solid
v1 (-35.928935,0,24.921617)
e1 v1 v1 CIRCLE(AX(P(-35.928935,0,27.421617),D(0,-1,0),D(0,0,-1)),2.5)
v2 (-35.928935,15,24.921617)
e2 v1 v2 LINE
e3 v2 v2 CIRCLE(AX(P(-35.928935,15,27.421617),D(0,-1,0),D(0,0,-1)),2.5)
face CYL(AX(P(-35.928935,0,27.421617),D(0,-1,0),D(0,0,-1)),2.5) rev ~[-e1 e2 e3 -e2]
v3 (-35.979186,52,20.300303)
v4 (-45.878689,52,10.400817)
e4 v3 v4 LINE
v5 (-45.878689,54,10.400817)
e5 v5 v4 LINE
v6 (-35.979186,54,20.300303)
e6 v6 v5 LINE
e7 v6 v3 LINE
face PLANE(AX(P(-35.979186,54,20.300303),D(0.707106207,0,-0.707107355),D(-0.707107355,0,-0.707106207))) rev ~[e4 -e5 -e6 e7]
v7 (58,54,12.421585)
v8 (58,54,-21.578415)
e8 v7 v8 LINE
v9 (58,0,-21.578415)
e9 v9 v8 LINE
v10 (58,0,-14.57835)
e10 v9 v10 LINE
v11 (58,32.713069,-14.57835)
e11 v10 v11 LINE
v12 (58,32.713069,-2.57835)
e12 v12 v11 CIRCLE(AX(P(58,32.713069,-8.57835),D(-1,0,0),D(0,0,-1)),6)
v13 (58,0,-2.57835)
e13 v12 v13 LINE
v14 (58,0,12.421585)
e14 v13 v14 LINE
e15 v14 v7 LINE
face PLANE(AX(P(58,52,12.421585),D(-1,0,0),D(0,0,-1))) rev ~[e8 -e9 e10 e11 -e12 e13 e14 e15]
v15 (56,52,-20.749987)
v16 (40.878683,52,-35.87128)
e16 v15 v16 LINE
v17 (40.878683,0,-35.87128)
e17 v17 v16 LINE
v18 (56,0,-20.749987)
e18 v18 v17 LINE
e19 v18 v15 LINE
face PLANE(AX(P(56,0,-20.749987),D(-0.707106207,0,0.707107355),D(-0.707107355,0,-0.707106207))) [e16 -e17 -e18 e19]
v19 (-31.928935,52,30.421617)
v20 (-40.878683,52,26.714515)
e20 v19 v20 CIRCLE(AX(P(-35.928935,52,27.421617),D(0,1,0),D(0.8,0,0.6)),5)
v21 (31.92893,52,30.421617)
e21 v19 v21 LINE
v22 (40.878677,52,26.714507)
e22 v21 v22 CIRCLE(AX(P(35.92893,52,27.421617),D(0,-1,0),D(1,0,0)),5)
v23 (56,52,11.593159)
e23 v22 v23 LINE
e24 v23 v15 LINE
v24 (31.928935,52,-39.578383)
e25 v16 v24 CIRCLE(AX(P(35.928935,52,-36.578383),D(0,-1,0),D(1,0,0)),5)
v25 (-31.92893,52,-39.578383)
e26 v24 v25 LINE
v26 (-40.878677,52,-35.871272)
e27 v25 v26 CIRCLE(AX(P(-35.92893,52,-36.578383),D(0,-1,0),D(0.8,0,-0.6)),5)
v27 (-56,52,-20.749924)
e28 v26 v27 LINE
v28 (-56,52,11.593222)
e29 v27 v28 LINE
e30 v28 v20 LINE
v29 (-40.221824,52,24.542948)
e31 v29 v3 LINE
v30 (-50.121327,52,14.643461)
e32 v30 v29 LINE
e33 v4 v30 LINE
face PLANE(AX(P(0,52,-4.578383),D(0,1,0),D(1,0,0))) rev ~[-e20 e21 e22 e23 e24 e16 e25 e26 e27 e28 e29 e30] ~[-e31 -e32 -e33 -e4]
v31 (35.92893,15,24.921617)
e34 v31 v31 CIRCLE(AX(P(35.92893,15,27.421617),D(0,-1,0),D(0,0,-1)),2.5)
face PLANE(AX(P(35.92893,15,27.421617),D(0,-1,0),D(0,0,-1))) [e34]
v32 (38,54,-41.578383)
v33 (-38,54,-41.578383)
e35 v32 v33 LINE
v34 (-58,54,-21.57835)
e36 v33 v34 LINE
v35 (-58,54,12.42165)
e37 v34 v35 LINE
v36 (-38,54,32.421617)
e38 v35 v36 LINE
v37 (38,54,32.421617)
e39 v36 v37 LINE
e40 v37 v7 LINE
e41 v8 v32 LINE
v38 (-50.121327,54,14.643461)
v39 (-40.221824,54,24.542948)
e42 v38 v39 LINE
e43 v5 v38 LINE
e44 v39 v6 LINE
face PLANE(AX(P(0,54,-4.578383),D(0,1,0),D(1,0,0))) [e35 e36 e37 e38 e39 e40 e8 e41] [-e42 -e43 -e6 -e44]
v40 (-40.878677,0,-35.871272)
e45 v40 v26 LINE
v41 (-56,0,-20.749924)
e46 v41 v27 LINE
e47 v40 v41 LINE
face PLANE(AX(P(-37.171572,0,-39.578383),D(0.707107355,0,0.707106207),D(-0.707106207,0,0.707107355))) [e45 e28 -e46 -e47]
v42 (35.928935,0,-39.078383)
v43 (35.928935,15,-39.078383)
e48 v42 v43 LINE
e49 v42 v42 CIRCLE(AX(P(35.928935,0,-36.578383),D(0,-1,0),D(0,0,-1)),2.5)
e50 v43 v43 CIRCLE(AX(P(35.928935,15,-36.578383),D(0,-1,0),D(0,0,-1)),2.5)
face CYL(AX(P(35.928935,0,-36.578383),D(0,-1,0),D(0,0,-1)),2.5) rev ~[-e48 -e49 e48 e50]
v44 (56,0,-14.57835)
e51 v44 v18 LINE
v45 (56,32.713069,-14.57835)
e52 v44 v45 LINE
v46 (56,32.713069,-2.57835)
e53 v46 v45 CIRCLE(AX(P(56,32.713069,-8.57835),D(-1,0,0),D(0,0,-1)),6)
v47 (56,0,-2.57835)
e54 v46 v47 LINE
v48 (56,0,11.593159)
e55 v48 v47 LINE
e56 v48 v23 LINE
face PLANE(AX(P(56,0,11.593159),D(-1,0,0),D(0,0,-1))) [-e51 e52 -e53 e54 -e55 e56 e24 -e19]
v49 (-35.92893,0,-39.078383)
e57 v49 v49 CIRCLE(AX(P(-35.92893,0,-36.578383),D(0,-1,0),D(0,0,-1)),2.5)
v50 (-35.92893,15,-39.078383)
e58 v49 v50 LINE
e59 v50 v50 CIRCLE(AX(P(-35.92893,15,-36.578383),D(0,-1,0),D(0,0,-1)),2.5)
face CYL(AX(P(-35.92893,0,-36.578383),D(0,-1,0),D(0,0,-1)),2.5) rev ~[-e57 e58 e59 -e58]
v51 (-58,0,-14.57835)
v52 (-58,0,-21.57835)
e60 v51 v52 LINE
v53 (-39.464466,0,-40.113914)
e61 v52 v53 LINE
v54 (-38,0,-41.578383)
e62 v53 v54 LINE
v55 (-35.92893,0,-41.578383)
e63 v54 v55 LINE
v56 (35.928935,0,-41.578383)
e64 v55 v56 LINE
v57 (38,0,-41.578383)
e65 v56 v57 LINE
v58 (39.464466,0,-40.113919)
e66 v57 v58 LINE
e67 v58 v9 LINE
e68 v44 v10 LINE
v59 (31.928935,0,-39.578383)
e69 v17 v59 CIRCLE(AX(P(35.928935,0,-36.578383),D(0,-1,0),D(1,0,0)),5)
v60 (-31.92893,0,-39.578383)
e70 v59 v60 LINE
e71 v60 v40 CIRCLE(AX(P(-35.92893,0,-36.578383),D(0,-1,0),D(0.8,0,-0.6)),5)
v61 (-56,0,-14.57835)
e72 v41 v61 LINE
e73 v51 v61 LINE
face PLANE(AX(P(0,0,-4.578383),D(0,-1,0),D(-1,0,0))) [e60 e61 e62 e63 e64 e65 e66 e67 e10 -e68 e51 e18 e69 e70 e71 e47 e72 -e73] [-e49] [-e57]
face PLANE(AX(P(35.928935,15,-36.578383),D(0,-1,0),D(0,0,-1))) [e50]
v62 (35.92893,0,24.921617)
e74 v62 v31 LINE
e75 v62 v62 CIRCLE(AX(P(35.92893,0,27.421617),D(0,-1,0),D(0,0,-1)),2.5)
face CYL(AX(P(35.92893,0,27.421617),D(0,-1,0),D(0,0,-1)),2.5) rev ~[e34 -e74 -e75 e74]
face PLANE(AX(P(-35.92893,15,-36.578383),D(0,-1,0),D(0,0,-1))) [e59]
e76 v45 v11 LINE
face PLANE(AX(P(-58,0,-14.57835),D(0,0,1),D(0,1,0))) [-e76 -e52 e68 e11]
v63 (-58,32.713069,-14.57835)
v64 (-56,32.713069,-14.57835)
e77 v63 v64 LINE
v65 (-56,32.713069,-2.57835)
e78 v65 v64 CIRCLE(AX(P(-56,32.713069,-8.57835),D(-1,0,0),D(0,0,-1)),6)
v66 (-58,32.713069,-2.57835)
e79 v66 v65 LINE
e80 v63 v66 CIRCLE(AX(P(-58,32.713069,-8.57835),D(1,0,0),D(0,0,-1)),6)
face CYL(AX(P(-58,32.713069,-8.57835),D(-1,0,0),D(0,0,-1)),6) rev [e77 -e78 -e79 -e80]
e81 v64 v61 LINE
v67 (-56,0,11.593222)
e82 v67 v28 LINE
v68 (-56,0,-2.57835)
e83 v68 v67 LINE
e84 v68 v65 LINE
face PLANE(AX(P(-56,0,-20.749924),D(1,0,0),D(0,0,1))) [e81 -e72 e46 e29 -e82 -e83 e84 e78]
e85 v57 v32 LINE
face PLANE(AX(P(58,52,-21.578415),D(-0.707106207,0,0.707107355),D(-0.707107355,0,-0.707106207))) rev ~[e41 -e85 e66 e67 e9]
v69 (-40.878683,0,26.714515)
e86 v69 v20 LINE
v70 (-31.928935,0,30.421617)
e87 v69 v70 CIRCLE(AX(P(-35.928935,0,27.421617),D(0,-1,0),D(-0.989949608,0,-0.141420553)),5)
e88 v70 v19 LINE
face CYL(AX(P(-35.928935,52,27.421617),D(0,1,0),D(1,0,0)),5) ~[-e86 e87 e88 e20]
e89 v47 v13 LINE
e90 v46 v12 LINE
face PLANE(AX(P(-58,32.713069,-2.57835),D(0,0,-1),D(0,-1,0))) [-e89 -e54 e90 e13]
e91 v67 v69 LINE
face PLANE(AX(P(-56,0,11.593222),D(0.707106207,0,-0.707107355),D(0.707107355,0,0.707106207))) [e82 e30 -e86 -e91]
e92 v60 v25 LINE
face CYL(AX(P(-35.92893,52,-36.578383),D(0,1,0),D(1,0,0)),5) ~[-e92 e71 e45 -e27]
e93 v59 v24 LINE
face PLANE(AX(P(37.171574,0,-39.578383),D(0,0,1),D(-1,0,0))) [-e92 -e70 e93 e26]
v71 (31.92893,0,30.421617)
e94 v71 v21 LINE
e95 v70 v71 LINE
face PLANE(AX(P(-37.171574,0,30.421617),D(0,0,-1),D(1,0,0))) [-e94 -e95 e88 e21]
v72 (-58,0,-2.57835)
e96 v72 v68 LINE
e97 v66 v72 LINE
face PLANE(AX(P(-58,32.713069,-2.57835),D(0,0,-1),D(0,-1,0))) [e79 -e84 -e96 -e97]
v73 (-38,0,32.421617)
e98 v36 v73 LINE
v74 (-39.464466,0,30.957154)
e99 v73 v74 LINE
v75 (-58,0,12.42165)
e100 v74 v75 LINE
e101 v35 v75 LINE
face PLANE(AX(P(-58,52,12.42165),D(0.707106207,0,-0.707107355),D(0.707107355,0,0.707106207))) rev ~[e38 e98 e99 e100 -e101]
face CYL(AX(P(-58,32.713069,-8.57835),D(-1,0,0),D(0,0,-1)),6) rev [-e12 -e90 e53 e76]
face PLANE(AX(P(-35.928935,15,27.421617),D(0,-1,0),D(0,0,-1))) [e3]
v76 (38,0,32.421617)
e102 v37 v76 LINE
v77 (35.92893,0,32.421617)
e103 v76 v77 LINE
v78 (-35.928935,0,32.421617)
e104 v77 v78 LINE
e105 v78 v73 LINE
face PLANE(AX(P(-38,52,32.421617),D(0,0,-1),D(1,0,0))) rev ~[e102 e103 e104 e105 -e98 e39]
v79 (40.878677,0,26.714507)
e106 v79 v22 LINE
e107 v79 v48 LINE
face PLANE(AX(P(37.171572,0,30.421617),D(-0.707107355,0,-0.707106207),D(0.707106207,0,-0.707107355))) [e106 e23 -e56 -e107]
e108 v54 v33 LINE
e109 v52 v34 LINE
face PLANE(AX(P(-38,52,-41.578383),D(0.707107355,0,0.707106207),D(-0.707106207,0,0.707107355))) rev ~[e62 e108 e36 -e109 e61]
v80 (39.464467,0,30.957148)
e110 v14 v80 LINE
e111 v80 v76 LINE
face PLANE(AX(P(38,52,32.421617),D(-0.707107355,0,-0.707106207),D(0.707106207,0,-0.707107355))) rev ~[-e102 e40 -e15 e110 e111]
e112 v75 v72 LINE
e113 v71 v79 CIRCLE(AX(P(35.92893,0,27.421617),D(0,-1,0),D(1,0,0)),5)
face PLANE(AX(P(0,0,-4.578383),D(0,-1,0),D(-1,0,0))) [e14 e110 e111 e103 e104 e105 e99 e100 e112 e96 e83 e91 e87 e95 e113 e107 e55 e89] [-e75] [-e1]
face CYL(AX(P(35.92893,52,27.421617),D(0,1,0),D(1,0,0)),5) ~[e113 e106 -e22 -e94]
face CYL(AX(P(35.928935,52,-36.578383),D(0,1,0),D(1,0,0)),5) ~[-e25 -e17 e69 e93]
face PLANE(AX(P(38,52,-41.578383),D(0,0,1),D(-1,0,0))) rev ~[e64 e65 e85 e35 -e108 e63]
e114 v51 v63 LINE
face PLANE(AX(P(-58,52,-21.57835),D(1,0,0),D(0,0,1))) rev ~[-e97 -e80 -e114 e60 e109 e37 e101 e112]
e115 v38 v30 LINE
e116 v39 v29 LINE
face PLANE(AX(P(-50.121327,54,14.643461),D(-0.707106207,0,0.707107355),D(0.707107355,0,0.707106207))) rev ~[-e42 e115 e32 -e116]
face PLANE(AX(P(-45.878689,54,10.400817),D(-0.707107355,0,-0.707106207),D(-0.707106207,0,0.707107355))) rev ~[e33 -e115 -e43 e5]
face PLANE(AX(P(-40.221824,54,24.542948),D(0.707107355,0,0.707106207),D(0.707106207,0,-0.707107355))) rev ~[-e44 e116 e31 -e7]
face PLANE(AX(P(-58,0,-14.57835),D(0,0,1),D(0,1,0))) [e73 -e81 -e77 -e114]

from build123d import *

# Parameters (mm, degrees)
BOSS_EXTRUDE1_DEPTH = 52
BOSS_EXTRUDE2_DEPTH = 2
SKETCH3_R           = 5
BOSS_EXTRUDE3_DEPTH = 52
SKETCH4_R           = 2.5
CUT_EXTRUDE1_DEPTH  = 15
CUT_EXTRUDE2_DEPTH  = 15
CUT_EXTRUDE3_REACH  = 136.539


with BuildPart() as part:
    # Sketch1 → Boss-Extrude1 (new body)
    with BuildSketch(Plane(origin=(0, 0, 0), x_dir=(1, 0, 0), z_dir=(0, 1, 0))):
        Polygon((38, -32.421617333), (-38, -32.421617333), (-58, -12.421649809), (-58, 21.578350191), (-38, 41.578382667), (38, 41.578382667), (58, 21.578415143), (58, -12.421584857), align=None)
        Polygon((-37.171571924, 39.578382667), (-56, 20.749924017), (-56, -11.593221733), (-37.171573826, -30.421617333), (37.171571924, -30.421617333), (56, -11.593158683), (56, 20.749987067), (37.171573826, 39.578382667), align=None, mode=Mode.SUBTRACT)
    extrude(amount=BOSS_EXTRUDE1_DEPTH)

    # Sketch2 → Boss-Extrude2 (add)
    with BuildSketch(Plane(origin=(0, 52, 0), x_dir=(1, 0, 0), z_dir=(0, 1, 0))):
        Polygon((38, -32.421617333), (58, -12.421584857), (58, 21.578415143), (38, 41.578382667), (-38, 41.578382667), (-58, 21.578350191), (-58, -12.421649809), (-38, -32.421617333), align=None)
    extrude(amount=BOSS_EXTRUDE2_DEPTH)

    # Sketch3 → Boss-Extrude3 (add)
    with BuildSketch(Plane.XZ.offset(-52)):
        with Locations((35.928934566, -36.578382667)):
            Circle(SKETCH3_R)
        with Locations((-35.92892981, -36.578382667)):
            Circle(SKETCH3_R)
        with Locations((-35.928934566, 27.421617333)):
            Circle(SKETCH3_R)
        with Locations((35.92892981, 27.421617333)):
            Circle(SKETCH3_R)
    extrude(amount=BOSS_EXTRUDE3_DEPTH)

    # Sketch4 → Cut-Extrude1 (cut)
    with BuildSketch(Plane(origin=(0, 0, 0), x_dir=(-1, 0, 0), z_dir=(0, -1, 0))):
        with Locations(Location((-35.928934566, 36.578382667, 0), (0, 0, 90))):
            Circle(SKETCH4_R)
        with Locations(Location((35.92892981, 36.578382667, 0), (0, 0, 90))):
            Circle(SKETCH4_R)
        with Locations(Location((35.928934566, -27.421617333, 0), (0, 0, 90))):
            Circle(SKETCH4_R)
        with Locations(Location((-35.92892981, -27.421617333, 0), (0, 0, 90))):
            Circle(SKETCH4_R)
    extrude(amount=-CUT_EXTRUDE1_DEPTH, mode=Mode.SUBTRACT)

    # Sketch5 → Cut-Extrude2 (cut)
    with BuildSketch(Plane(origin=(0, 54, 0), x_dir=(1, 0, 0), z_dir=(0, 1, 0))):
        Polygon((-50.121326659, -14.6434607), (-40.221823685, -24.5429476), (-35.979186442, -20.300303468), (-45.878689416, -10.400816569), align=None)
    extrude(amount=-CUT_EXTRUDE2_DEPTH, mode=Mode.SUBTRACT)

    # Cut-Extrude3: up to this face of the body (flat: up to its plane)
    cut_extrude3_end = Plane(part.part.faces().sort_by_distance((58, 27, -4.578415143))[0])
    # Sketch6 → Cut-Extrude3 (cut, up to the picked face)
    with BuildSketch(Plane.ZY.offset(58), mode=Mode.PRIVATE) as cut_extrude3_sk1:
        with BuildLine():
            Line((-14.578350191, 0), (-14.578350191, 32.713069052))
            ThreePointArc((-14.578350191, 32.713069052), (-8.578350191, 38.713069052), (-2.578350191, 32.713069052))
            Line((-2.578350191, 32.713069052), (-2.578350191, 0))
            Line((-2.578350191, 0), (-14.578350191, 0))
        make_face()
    cut_extrude3_tool1 = split(extrude(cut_extrude3_sk1.sketch, amount=-CUT_EXTRUDE3_REACH, mode=Mode.PRIVATE), bisect_by=cut_extrude3_end, keep=Keep.BOTH, mode=Mode.PRIVATE)
    add(cut_extrude3_tool1.solids().sort_by(Axis((-58, 18.736689, -8.57835), (1, 0, 0)))[0], mode=Mode.SUBTRACT)


solid = part.part
